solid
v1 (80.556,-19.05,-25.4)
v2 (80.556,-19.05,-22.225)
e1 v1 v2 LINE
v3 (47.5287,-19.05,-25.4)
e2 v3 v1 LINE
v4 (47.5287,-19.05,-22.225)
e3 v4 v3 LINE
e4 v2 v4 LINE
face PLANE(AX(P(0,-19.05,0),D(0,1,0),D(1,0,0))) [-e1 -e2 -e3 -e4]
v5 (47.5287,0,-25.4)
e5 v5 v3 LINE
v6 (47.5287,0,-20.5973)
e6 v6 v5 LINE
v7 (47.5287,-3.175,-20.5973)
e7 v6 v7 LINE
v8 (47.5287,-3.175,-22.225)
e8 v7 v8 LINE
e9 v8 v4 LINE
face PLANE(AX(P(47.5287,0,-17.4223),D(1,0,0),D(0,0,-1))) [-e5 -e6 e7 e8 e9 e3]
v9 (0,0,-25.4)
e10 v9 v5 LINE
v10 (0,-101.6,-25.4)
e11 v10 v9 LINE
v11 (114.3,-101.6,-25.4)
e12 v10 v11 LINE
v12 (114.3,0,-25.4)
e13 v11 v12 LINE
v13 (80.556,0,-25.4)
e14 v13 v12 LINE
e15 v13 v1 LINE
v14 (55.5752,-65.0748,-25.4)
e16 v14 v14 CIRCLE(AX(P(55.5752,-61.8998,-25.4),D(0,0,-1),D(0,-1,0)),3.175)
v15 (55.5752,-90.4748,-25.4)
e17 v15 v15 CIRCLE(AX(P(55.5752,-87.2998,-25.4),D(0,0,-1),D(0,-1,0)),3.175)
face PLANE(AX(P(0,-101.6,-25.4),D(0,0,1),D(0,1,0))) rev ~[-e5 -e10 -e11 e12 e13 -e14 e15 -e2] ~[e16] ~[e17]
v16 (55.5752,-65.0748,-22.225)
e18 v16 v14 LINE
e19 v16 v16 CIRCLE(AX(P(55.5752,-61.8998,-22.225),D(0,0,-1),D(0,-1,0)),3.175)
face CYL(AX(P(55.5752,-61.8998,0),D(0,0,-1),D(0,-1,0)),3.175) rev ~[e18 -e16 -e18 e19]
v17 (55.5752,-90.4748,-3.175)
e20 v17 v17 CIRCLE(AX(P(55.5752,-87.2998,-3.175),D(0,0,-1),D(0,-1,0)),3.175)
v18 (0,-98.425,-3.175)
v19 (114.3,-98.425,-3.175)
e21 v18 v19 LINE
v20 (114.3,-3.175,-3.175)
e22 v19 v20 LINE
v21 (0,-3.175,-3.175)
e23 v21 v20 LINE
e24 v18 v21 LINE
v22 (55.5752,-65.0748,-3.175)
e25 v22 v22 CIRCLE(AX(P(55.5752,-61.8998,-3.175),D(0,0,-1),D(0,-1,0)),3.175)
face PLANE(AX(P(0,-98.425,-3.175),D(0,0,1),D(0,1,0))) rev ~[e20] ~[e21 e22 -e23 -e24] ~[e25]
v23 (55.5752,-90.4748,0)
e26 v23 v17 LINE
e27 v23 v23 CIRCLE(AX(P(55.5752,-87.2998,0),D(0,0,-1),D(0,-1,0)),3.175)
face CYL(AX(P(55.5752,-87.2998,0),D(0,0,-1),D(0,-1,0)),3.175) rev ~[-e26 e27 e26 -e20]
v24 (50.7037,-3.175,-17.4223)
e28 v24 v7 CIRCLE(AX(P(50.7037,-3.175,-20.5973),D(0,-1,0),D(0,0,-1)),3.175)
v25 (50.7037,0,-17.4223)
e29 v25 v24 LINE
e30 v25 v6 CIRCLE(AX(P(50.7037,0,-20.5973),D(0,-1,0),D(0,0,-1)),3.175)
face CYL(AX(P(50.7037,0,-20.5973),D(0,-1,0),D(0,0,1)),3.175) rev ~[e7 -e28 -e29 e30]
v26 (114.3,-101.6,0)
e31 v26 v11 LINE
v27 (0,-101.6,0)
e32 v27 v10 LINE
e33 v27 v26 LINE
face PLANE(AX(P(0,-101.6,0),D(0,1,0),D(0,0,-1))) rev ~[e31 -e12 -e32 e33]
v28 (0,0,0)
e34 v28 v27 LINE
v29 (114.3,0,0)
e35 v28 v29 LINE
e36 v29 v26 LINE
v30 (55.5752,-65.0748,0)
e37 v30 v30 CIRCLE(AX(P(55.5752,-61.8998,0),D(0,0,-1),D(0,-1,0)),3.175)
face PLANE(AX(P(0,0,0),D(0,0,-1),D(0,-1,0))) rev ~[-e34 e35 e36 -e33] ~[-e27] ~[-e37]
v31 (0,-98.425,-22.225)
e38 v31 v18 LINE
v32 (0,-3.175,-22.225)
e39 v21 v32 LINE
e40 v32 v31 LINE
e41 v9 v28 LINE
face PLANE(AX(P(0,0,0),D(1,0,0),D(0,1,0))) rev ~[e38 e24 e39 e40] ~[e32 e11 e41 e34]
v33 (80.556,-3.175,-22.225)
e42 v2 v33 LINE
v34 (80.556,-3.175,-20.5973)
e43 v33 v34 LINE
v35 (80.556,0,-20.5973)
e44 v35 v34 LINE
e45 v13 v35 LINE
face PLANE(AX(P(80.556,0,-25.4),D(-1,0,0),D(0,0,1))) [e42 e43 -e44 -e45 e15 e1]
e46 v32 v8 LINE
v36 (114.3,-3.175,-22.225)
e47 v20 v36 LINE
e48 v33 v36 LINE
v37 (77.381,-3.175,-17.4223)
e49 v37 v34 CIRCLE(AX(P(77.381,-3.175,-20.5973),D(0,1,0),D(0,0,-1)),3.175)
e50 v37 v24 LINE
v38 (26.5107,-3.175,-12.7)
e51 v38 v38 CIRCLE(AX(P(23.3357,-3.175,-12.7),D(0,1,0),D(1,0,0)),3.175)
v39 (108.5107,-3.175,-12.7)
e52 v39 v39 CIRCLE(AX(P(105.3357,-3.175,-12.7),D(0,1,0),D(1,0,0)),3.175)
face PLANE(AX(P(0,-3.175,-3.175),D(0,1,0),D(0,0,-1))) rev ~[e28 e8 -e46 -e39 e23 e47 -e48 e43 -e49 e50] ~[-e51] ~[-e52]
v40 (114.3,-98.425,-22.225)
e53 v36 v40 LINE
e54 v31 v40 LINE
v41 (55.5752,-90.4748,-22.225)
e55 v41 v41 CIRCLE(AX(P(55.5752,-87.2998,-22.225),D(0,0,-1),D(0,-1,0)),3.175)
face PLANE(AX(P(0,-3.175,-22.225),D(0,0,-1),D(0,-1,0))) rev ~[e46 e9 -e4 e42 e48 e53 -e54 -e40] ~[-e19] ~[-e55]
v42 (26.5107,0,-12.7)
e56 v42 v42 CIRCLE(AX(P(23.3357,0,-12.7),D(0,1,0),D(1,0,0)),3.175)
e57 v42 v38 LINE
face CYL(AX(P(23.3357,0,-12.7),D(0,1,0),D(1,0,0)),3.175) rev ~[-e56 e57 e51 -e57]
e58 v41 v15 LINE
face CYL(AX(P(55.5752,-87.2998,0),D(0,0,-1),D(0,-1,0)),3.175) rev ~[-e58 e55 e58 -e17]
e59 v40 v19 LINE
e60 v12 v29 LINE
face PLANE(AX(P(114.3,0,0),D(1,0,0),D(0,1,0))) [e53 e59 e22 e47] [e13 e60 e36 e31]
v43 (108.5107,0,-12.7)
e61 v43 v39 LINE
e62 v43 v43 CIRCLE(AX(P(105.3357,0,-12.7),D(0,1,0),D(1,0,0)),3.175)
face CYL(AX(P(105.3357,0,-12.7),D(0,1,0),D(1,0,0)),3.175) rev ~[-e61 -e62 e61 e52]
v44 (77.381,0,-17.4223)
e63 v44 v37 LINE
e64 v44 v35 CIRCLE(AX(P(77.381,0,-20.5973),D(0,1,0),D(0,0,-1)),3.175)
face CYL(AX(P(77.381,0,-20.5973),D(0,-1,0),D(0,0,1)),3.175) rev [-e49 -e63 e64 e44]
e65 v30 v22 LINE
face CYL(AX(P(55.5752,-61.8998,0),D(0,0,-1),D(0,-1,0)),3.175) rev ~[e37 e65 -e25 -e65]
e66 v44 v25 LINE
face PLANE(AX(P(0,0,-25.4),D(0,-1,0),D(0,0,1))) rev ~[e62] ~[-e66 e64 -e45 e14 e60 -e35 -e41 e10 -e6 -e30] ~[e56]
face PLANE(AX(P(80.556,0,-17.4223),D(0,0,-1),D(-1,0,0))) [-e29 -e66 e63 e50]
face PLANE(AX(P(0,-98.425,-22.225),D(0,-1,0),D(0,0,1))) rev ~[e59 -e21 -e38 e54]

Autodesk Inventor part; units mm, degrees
ref_plane "YZ Plane" through (0, 0, 0) normal (1, 0, 0) x (0, 1, 0)
ref_plane "XZ Plane" through (0, 0, 0) normal (0, 1, 0) x (-1, 0, 0)
ref_plane "XY Plane" through (0, 0, 0) normal (0, 0, 1) x (1, 0, 0)
sketch "Sketch1" plane through (0, 0, 0) normal (1, 0, 0) x (0, 1, 0)
  line L0 (0, 0) -> (-101.6, 0)
  line L1 (-101.6, 0) -> (-101.6, -25.4)
  line L2 (-101.6, -25.4) -> (0, -25.4)
  line L3 (0, -25.4) -> (0, 0)
  line L4 (-3.175, -22.225) -> (-98.425, -22.225)
  line L5 (-98.425, -22.225) -> (-98.425, -3.175)
  line L6 (-98.425, -3.175) -> (-3.175, -3.175)
  line L7 (-3.175, -3.175) -> (-3.175, -22.225)
  dimension "d0" = 101.6
  dimension "d1" = 25.4
  dimension "d2" = 3.175
extrude "Extrusion1" add sketch "Sketch1" along normal blind 114.3
sketch "Sketch2" plane through (0, 0, 0) normal (0, 1, 0) x (1, 0, 0)
  line L0 (0, 25.4) -> (0, 0) projected
  line L1 (0, 0) -> (114.3, 0) projected
  line L2 (114.3, 25.4) -> (114.3, 0) projected
  line L3 (0, 25.4) -> (114.3, 25.4) projected
  circle A0 centre (64.3357, 49.9643) radius 6.35 projected
  circle A1 centre (64.3357, 49.9643) radius 28.3845 projected
extrude "Extrusion2" cut sketch "Sketch2" against normal blind 19.05 contours A1 L3 | L3 A1
sketch "Sketch3" plane through (0, 0, 0) normal (0, 1, 0) x (1, 0, 0)
  circle A0 centre (23.3357, 12.7) radius 3.175 projected
  circle A1 centre (105.3357, 12.7) radius 3.175 projected
  point P0 (0, 0)
extrude "Extrusion3" cut sketch "Sketch3" against normal blind 12.7
sketch "Sketch4" plane through (0, -101.6, 0) normal (0, 0, 1) x (1, 0, 0)
  point P0 (0, 101.6)
  point P1 (55.5752, 14.3002)
  point P2 (55.5752, 39.7002)
hole "Hole1" at (55.5752, -87.2998, 0) at (55.5752, -61.8998, 0) direction (0, 0, -1) diameter 6.35 end through all
sketch "Sketch5" plane through (0, 0, 0) normal (0, 1, 0) x (1, 0, 0)
  circle A0 centre (23.3357, 12.7) radius 3.175 projected
  circle A1 centre (105.3357, 12.7) radius 3.175 projected
  arc A2 (50.1134, 25.4) -> (78.5579, 25.4) centre (64.3357, 49.9643) ccw projected
  line L0 (0, 25.4) -> (50.1134, 25.4) projected
  line L1 (0, 25.4) -> (0, 0) projected
  line L2 (0, 0) -> (114.3, 0) projected
  line L3 (114.3, 25.4) -> (114.3, 0) projected
  line L4 (78.5579, 25.4) -> (114.3, 25.4) projected
  line L5 (0, 25.4) -> (50.1134, 25.4) projected
  line L6 (47.5287, 25.4) -> (80.556, 25.4)
  line L7 (80.556, 25.4) -> (80.556, 17.4223)
  line L8 (80.556, 17.4223) -> (47.5287, 17.4223)
  line L9 (47.5287, 17.4223) -> (47.5287, 25.4)
extrude "Extrusion4" cut sketch "Sketch5" against normal blind 19.05 contours L6 A2 | A2 L4 L7 L8 L9 L0
fillet "Fillet1" radius 3.175 1 edges at (47.5287, -1.5875, -17.4223)
fillet "Fillet2" radius 3.175 1 edges at (80.556, -1.5875, -17.4223)
properties part number "Front Fender BoxBeam"
